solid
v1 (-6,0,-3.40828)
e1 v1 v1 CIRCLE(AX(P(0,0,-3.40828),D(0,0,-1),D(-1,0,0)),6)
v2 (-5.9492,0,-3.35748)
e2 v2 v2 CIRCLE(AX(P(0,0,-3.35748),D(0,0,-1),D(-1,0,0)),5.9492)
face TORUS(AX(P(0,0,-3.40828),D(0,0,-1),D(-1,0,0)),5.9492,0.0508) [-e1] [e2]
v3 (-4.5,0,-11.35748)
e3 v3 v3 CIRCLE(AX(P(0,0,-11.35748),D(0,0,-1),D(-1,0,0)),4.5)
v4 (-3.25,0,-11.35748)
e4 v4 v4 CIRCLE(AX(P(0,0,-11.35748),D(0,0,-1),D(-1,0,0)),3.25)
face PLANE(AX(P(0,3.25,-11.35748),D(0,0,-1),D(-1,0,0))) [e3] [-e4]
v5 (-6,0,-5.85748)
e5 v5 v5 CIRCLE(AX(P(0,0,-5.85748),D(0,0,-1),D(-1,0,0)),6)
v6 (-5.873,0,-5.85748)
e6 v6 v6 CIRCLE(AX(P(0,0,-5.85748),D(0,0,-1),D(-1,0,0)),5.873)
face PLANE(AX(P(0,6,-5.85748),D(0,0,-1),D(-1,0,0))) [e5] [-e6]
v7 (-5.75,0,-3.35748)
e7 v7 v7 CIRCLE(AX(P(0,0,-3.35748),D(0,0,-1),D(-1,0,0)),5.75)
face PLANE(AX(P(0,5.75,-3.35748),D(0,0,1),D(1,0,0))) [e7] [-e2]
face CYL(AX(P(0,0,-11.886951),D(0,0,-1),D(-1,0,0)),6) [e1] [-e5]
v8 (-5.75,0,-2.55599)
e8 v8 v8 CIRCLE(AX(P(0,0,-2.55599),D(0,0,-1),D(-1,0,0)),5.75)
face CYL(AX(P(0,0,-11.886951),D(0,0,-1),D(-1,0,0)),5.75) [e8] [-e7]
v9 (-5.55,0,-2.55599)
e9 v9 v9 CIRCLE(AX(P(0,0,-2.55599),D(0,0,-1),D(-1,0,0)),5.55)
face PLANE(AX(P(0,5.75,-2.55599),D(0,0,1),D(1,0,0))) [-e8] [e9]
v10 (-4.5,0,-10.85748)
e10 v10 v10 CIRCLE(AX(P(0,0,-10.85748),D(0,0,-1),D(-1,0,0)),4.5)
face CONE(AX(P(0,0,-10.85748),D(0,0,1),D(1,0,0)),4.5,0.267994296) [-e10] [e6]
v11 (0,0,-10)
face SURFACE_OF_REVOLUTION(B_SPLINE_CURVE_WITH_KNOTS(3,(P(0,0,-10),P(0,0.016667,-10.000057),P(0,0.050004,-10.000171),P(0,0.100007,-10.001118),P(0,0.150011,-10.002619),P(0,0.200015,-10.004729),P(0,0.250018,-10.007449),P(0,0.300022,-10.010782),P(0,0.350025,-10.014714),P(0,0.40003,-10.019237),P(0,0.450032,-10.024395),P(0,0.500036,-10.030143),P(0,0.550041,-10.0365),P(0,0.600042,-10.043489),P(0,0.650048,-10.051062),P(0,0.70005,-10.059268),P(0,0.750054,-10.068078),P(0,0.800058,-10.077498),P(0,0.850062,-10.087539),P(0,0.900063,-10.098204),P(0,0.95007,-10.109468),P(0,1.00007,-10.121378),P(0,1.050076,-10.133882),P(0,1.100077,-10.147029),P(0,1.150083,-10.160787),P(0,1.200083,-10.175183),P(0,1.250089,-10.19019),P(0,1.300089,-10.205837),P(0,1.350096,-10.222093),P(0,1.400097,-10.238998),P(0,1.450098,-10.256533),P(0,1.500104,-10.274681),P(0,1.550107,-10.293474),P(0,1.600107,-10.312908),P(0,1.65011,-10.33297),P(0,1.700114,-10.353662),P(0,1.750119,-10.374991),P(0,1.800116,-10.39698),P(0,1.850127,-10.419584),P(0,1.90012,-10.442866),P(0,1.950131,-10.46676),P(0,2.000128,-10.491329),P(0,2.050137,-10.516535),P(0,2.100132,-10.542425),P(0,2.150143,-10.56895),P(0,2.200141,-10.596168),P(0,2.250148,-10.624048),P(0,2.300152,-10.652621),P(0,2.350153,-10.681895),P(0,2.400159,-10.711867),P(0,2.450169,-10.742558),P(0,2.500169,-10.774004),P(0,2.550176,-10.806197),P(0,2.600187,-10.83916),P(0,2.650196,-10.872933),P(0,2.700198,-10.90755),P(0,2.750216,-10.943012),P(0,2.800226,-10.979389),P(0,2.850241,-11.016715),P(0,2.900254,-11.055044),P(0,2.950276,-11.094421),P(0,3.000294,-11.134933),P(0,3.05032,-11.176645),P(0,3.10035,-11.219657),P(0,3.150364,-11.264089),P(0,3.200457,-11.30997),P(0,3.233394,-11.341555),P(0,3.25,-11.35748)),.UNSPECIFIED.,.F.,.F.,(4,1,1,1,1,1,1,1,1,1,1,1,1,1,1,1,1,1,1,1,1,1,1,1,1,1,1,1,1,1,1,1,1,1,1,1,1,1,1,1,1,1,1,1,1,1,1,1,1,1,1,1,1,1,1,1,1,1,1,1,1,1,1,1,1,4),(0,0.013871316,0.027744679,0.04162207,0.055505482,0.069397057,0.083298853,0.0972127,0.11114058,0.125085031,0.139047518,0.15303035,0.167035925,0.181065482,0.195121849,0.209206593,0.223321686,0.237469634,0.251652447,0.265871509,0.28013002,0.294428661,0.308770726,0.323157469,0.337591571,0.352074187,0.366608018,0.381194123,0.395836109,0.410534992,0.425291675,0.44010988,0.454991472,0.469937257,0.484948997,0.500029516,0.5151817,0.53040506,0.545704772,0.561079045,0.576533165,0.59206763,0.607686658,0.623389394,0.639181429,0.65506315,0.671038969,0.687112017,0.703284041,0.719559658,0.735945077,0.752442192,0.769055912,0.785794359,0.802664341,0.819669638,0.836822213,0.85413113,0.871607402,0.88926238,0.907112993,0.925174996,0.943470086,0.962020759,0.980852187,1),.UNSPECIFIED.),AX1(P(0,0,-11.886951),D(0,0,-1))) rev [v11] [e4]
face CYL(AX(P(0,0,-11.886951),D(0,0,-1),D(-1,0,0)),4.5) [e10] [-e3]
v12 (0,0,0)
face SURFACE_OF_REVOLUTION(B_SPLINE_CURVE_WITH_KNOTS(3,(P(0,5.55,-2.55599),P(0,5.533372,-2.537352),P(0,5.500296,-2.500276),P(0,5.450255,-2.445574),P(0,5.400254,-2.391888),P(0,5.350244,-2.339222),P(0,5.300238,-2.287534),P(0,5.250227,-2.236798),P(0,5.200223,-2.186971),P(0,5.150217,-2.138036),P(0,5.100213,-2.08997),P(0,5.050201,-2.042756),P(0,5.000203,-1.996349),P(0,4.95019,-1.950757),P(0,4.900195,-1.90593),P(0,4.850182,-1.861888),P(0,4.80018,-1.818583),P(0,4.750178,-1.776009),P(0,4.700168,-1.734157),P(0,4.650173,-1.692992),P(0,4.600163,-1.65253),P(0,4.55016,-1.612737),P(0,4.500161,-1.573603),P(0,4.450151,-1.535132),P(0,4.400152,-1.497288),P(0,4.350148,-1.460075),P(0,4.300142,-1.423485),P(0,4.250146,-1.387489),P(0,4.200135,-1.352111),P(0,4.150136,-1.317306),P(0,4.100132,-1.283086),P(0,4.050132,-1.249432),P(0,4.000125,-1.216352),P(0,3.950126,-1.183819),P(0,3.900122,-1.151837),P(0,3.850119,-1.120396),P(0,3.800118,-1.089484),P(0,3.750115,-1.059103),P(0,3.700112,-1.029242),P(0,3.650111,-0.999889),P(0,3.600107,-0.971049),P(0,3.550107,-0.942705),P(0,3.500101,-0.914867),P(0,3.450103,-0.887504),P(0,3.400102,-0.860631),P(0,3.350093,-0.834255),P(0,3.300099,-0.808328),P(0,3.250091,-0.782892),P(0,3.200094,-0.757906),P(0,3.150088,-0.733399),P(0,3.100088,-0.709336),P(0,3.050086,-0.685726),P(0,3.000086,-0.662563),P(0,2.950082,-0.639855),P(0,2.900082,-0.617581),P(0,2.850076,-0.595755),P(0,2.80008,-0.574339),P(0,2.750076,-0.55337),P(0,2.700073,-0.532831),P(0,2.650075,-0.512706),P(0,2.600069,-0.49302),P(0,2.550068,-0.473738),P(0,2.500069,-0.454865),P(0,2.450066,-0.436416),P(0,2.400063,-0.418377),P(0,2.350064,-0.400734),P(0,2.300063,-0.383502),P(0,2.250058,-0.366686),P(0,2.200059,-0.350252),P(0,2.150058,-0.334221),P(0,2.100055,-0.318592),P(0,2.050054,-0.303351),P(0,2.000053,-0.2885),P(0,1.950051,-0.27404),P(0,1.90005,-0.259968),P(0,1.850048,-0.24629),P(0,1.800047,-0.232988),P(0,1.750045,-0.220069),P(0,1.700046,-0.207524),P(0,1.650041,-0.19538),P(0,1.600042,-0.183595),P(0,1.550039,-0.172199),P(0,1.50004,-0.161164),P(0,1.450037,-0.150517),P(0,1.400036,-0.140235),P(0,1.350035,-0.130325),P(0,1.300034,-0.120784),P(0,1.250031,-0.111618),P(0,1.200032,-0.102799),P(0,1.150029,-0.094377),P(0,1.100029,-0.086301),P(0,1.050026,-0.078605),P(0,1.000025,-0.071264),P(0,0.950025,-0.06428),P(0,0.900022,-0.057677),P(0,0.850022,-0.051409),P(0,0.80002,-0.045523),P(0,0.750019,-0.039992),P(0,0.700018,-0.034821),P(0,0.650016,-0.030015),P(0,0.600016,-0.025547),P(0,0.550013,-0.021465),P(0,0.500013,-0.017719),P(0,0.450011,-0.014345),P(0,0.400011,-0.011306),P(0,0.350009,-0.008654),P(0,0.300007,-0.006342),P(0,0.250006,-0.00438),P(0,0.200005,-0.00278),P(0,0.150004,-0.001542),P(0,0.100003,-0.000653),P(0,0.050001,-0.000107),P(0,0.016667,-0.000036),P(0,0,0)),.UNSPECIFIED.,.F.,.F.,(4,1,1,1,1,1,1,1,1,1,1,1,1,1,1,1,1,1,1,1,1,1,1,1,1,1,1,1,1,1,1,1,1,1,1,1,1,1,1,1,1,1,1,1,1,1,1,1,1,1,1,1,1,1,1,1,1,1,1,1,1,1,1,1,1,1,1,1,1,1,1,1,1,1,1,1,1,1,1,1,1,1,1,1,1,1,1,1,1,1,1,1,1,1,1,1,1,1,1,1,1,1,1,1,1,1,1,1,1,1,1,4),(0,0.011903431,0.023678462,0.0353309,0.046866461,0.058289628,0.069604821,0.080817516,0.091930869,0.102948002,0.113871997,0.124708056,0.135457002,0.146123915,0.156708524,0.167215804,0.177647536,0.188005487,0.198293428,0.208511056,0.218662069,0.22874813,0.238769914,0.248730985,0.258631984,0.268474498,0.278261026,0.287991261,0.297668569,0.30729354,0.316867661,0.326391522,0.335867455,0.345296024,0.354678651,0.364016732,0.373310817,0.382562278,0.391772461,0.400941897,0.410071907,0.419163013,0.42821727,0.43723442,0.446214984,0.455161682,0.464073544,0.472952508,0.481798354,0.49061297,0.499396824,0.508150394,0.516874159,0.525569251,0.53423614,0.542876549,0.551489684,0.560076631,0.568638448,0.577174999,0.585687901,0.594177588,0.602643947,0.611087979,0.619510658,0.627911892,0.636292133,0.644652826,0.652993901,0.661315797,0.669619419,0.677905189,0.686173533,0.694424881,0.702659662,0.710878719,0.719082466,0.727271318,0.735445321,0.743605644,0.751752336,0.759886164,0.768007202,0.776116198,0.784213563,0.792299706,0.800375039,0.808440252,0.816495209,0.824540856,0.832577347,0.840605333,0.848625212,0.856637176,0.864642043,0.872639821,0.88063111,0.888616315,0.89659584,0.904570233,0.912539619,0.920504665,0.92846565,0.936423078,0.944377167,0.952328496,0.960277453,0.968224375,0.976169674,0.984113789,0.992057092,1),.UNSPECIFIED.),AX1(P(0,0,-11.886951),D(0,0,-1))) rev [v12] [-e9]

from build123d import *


with BuildPart() as part:
    # Sketch1 → Revolve1 (revolve)
    with BuildSketch(Plane(origin=(0, 0, 0), x_dir=(0, 0, -1), z_dir=(1, 0, 0)), mode=Mode.PRIVATE) as revolve1_sk:
        with BuildLine():
            Line((10, 0), (0, 0))
            add(Edge.make_bspline(
                [(0, 0), (3.5599e-05, 0.016666801), (0.000106798, 0.050001231), (0.000652865, 0.100002577), (0.001541965, 0.1500037), (0.00277976, 0.200005118), (0.00437987, 0.250006415), (0.006342127, 0.300007464), (0.008653546, 0.350008586), (0.011306301, 0.400010647), (0.014344795, 0.450011021), (0.017718859, 0.500012898), (0.021465187, 0.550013422), (0.025546859, 0.600015942), (0.030015342, 0.650015894), (0.03482081, 0.70001787), (0.039992041, 0.750019052), (0.045523257, 0.800020171), (0.051408883, 0.850022422), (0.057677216, 0.900021809), (0.064279583, 0.95002496), (0.071264406, 1.000025161), (0.078604568, 1.05002637), (0.086301292, 1.100028717), (0.094377045, 1.150028529), (0.102799423, 1.20003228), (0.111617788, 1.250030975), (0.120783561, 1.300033624), (0.130325404, 1.350034612), (0.140235292, 1.400035949), (0.150516909, 1.450036918), (0.161163804, 1.500039649), (0.17219876, 1.550039155), (0.183594648, 1.600042195), (0.195380444, 1.65004137), (0.207524249, 1.700045854), (0.220069218, 1.750045189), (0.232988482, 1.800046718), (0.246290189, 1.850047612), (0.259968354, 1.900050402), (0.274039825, 1.950051408), (0.288500418, 2.000052634), (0.303351068, 2.050053844), (0.318592454, 2.100054806), (0.334221213, 2.150057651), (0.350251722, 2.200058963), (0.366685967, 2.250057862), (0.383501889, 2.300062903), (0.40073359, 2.350063852), (0.418376737, 2.400063011), (0.436415737, 2.45006601), (0.454864866, 2.500069094), (0.473738026, 2.550068164), (0.493019727, 2.600068939), (0.512706128, 2.650074525), (0.532830884, 2.700072839), (0.553370049, 2.750076061), (0.574338539, 2.800079744), (0.595755257, 2.85007556), (0.61758101, 2.900081863), (0.639854553, 2.950081918), (0.66256348, 3.000085551), (0.685725632, 3.050086231), (0.7093363, 3.100087577), (0.733399151, 3.150087825), (0.757906071, 3.20009433), (0.782892021, 3.250091412), (0.808327595, 3.300098823), (0.834255389, 3.350093071), (0.860630848, 3.400102473), (0.88750378, 3.450102818), (0.914867347, 3.500100816), (0.942705478, 3.550107403), (0.971049019, 3.600107299), (0.999888878, 3.65011121), (1.029241659, 3.70011152), (1.059102526, 3.750114933), (1.089483632, 3.800118313), (1.120396235, 3.850118736), (1.151837467, 3.900122094), (1.183818601, 3.950125628), (1.216352043, 4.000125498), (1.249431788, 4.050132262), (1.283085623, 4.100131924), (1.317306062, 4.150136161), (1.352110512, 4.200135309), (1.387489417, 4.25014553), (1.423484922, 4.300141599), (1.460075424, 4.350148495), (1.497288074, 4.40015156), (1.53513209, 4.450151014), (1.57360284, 4.500160743), (1.612737012, 4.550160216), (1.652530339, 4.600162877), (1.692991663, 4.65017277), (1.734157348, 4.700168226), (1.776008892, 4.750178192), (1.81858317, 4.800180487), (1.861887951, 4.850182262), (1.905930073, 4.900195432), (1.95075691, 4.950189638), (1.996348781, 5.000203486), (2.042755705, 5.050200606), (2.089969588, 5.100213134), (2.13803612, 5.150217143), (2.186971133, 5.200222711), (2.236797623, 5.250226935), (2.287534309, 5.300237945), (2.339222476, 5.350244315), (2.391888284, 5.400253552), (2.445574222, 5.45025529), (2.500276259, 5.500295659), (2.537351737, 5.533372099), (2.55599, 5.55)],
                knots=[0, 0, 0, 0, 0.007942908, 0.015886211, 0.023830326, 0.031775625, 0.039722547, 0.047671504, 0.055622833, 0.063576922, 0.07153435, 0.079495335, 0.087460381, 0.095429767, 0.10340416, 0.111383685, 0.11936889, 0.127360179, 0.135357957, 0.143362824, 0.151374788, 0.159394667, 0.167422653, 0.175459144, 0.183504791, 0.191559748, 0.199624961, 0.207700294, 0.215786437, 0.223883802, 0.231992798, 0.240113836, 0.248247664, 0.256394356, 0.264554679, 0.272728682, 0.280917534, 0.289121281, 0.297340338, 0.305575119, 0.313826467, 0.322094811, 0.330380581, 0.338684203, 0.347006099, 0.355347174, 0.363707867, 0.372088108, 0.380489342, 0.388912021, 0.397356053, 0.405822412, 0.414312099, 0.422825001, 0.431361552, 0.439923369, 0.448510316, 0.457123451, 0.46576386, 0.474430749, 0.483125841, 0.491849606, 0.500603176, 0.50938703, 0.518201646, 0.527047492, 0.535926456, 0.544838318, 0.553785016, 0.56276558, 0.57178273, 0.580836987, 0.589928093, 0.599058103, 0.608227539, 0.617437722, 0.626689183, 0.635983268, 0.645321349, 0.654703976, 0.664132545, 0.673608478, 0.683132339, 0.69270646, 0.702331431, 0.712008739, 0.721738974, 0.731525502, 0.741368016, 0.751269015, 0.761230086, 0.77125187, 0.781337931, 0.791488944, 0.801706572, 0.811994513, 0.822352464, 0.832784196, 0.843291476, 0.853876085, 0.864542998, 0.875291944, 0.886128003, 0.897051998, 0.908069131, 0.919182484, 0.930395179, 0.941710372, 0.953133539, 0.9646691, 0.976321538, 0.988096569, 1, 1, 1, 1], degree=3))
            Line((2.55599, 5.55), (2.55599, 5.75))
            Line((2.55599, 5.75), (3.35748, 5.75))
            Line((3.35748, 5.75), (3.35748, 5.9492))
            ThreePointArc((3.35748, 5.9492), (3.372358976, 5.985121024), (3.40828, 6))
            Line((3.40828, 6), (5.85748, 6))
            Line((5.85748, 6), (5.85748, 5.873))
            Line((5.85748, 5.873), (10.85748, 4.5))
            Line((10.85748, 4.5), (11.35748, 4.5))
            Line((11.35748, 4.5), (11.35748, 3.25))
            add(Edge.make_bspline(
                [(10, 0), (10.000056861, 0.01666708), (10.000170592, 0.0500037), (10.001117916, 0.100007258), (10.002618837, 0.150010821), (10.004729124, 0.20001471), (10.007448952, 0.250018414), (10.010781755, 0.300021674), (10.014713511, 0.350025055), (10.019237073, 0.400029972), (10.024395369, 0.45003214), (10.030142728, 0.500036366), (10.0365002, 0.55004091), (10.043488845, 0.600042391), (10.051062088, 0.650048046), (10.059267779, 0.700050298), (10.068078377, 0.750053759), (10.077497714, 0.800058165), (10.087538544, 0.850061737), (10.098204423, 0.90006334), (10.10946822, 0.950069931), (10.121378341, 1.000069573), (10.1338821, 1.050076401), (10.147029343, 1.100077299), (10.160786514, 1.150082617), (10.175182904, 1.20008343), (10.190190402, 1.250088766), (10.205837242, 1.300089137), (10.222093378, 1.350096132), (10.238998481, 1.400096962), (10.256533003, 1.450097633), (10.27468071, 1.500104385), (10.29347393, 1.550106807), (10.312907874, 1.600107471), (10.332970002, 1.650110027), (10.353661774, 1.700114087), (10.374991067, 1.750119393), (10.396980392, 1.800115743), (10.419583602, 1.85012682), (10.442866046, 1.900119802), (10.46675986, 1.950130895), (10.491328563, 2.000128462), (10.516535034, 2.050137081), (10.542424605, 2.10013211), (10.568950372, 2.150143092), (10.596168084, 2.200140634), (10.624047647, 2.250148072), (10.652620792, 2.300151866), (10.681894818, 2.350153147), (10.711867243, 2.400159359), (10.742558203, 2.450168863), (10.774003866, 2.500169352), (10.806196749, 2.550175824), (10.839159562, 2.600187098), (10.872932785, 2.650196408), (10.907550175, 2.700198383), (10.943011873, 2.750216489), (10.979389434, 2.800226376), (11.016714764, 2.850240931), (11.055043535, 2.900253576), (11.094420826, 2.950276147), (11.134932562, 3.000293776), (11.176645078, 3.05032018), (11.219656781, 3.10034969), (11.264089006, 3.150364301), (11.309969614, 3.200456536), (11.341555497, 3.23339405), (11.35748, 3.25)],
                knots=[0, 0, 0, 0, 0.013871316, 0.027744679, 0.04162207, 0.055505482, 0.069397057, 0.083298853, 0.0972127, 0.11114058, 0.125085031, 0.139047518, 0.15303035, 0.167035925, 0.181065482, 0.195121849, 0.209206593, 0.223321686, 0.237469634, 0.251652447, 0.265871509, 0.28013002, 0.294428661, 0.308770726, 0.323157469, 0.337591571, 0.352074187, 0.366608018, 0.381194123, 0.395836109, 0.410534992, 0.425291675, 0.44010988, 0.454991472, 0.469937257, 0.484948997, 0.500029516, 0.5151817, 0.53040506, 0.545704772, 0.561079045, 0.576533165, 0.59206763, 0.607686658, 0.623389394, 0.639181429, 0.65506315, 0.671038969, 0.687112017, 0.703284041, 0.719559658, 0.735945077, 0.752442192, 0.769055912, 0.785794359, 0.802664341, 0.819669638, 0.836822213, 0.85413113, 0.871607402, 0.88926238, 0.907112993, 0.925174996, 0.943470086, 0.962020759, 0.980852187, 1, 1, 1, 1], degree=3))
        make_face()
    revolve(revolve1_sk.sketch.rotate(Axis((0, 0, -11.886951368), (0, 0, 1)), 90), axis=Axis((0, 0, -11.886951368), (0, 0, 1)))


solid = part.part
